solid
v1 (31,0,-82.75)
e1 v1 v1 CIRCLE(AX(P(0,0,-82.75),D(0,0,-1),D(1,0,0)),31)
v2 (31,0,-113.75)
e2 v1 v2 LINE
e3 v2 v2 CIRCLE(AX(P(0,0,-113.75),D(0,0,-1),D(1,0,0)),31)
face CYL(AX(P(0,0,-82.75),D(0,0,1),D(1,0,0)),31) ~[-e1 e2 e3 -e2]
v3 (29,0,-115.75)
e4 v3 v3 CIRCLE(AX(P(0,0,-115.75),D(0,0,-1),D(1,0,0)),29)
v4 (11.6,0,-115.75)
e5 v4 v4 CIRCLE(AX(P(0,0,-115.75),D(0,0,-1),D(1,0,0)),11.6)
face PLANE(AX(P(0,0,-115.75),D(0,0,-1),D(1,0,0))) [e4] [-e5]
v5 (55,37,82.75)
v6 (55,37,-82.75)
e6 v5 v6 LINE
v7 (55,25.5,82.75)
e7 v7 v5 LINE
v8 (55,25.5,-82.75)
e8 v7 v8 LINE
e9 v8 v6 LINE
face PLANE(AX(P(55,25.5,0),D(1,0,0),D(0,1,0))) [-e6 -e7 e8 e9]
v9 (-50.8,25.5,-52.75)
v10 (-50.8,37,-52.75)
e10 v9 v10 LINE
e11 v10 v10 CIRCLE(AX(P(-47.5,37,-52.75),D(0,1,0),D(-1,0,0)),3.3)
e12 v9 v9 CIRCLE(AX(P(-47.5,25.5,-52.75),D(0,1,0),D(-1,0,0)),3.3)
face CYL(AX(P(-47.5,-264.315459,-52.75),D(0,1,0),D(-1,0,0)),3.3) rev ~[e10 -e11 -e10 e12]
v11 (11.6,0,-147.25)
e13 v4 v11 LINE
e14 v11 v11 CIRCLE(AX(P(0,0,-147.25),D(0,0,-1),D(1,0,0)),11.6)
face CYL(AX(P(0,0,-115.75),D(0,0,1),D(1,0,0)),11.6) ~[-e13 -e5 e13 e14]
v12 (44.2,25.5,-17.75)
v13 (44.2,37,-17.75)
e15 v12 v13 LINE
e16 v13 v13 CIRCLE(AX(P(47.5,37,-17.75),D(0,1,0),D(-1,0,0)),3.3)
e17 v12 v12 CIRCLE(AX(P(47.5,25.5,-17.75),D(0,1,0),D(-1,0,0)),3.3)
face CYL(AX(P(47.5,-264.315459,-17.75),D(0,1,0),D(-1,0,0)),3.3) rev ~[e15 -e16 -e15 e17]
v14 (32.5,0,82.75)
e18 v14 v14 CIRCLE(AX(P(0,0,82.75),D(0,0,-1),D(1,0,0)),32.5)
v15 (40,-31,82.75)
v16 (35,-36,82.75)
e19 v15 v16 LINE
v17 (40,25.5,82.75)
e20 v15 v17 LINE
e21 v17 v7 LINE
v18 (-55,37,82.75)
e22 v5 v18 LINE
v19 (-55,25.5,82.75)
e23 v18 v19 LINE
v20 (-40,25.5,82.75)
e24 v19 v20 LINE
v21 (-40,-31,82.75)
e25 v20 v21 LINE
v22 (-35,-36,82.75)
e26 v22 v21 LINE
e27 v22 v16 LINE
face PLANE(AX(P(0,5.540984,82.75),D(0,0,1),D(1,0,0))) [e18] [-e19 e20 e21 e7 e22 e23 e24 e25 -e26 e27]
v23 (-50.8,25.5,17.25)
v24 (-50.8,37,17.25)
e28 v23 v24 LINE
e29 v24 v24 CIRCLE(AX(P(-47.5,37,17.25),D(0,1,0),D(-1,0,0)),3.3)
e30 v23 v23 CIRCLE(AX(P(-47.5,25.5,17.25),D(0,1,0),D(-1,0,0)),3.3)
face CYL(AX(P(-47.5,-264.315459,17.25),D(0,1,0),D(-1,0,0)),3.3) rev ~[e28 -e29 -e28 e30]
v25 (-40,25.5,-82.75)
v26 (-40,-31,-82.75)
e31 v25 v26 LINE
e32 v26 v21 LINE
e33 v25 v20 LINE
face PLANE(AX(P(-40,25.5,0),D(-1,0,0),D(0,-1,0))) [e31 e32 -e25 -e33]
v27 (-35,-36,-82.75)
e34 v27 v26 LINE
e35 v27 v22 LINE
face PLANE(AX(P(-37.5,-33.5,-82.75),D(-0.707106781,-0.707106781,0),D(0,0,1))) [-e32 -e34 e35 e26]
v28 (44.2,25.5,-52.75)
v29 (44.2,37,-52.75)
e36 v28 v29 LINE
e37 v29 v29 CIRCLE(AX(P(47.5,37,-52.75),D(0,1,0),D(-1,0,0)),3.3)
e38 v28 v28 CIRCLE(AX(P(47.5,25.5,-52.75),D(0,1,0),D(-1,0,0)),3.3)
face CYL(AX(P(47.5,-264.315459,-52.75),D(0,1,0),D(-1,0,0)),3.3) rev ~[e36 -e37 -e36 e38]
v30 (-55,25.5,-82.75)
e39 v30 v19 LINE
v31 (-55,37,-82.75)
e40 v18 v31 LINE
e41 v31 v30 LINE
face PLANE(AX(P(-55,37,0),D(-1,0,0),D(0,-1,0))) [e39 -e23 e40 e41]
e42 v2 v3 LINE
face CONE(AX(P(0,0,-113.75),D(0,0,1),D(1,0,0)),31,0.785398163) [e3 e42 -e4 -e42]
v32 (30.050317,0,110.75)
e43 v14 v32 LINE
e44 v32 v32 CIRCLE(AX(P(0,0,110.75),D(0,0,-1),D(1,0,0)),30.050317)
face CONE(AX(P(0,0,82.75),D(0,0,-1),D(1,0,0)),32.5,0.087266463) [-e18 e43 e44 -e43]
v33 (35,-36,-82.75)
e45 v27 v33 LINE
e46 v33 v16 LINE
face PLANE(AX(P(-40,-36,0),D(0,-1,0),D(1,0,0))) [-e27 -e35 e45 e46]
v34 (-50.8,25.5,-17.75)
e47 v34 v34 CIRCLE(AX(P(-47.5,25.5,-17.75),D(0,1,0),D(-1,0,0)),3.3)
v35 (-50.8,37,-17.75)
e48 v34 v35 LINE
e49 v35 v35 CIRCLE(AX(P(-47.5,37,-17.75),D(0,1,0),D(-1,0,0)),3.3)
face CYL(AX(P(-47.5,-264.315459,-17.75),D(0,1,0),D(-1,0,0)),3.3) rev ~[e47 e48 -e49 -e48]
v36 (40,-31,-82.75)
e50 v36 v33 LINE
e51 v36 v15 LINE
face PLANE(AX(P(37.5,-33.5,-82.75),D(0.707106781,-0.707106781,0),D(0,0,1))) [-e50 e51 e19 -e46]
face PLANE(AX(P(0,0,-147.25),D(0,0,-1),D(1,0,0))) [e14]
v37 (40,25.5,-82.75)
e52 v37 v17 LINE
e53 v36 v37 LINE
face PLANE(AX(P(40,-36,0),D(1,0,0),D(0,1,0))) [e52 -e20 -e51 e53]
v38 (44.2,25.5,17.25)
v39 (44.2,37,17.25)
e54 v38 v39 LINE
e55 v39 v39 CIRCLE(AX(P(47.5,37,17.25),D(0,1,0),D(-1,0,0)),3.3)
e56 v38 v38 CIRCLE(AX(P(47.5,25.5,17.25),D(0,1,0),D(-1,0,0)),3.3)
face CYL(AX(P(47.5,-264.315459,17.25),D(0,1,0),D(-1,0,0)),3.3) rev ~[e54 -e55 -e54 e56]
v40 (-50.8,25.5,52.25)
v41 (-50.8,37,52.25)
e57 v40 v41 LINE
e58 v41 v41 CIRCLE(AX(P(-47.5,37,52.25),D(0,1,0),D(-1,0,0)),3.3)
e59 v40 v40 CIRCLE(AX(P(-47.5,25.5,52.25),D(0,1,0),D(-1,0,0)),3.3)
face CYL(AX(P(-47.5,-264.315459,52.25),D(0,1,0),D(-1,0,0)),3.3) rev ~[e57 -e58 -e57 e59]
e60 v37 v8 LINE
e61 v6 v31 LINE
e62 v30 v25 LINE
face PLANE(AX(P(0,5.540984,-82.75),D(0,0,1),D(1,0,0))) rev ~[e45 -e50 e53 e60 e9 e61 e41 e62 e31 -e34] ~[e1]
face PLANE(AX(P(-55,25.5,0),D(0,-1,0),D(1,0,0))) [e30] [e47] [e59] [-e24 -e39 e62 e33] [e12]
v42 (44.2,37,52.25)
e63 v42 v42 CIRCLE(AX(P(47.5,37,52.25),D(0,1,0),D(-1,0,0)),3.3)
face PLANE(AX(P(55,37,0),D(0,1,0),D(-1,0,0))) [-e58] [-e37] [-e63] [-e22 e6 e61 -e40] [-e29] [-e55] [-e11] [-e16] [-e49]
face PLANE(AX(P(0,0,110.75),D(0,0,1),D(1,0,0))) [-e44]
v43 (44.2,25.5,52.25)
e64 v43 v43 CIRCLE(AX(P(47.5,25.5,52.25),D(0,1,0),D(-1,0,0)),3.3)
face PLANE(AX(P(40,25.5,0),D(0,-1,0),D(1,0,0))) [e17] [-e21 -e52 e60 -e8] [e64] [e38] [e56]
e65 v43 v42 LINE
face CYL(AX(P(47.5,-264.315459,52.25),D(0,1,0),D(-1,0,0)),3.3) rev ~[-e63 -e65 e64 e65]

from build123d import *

# Parameters (mm, degrees)
F1_DEPTH = 82.75
F2_SIZE  = 5
F3_R     = 31
F4_DEPTH = 33
F5_SIZE  = 2
F6_R     = 11.6
F7_DEPTH = 31.5
F8_R     = 32.5
F9_DEPTH = 28
F9_TAPER = 5
F11_D    = 6.6


with BuildPart() as f1:
    # F0 (on Top) → F1 (new body, symmetric)
    with BuildSketch(Plane.XY):
        Polygon((0, 37), (-55, 37), (-55, 25.5), (-40, 25.5), (-40, -36), (0, -36), (40, -36), (40, 25.5), (55, 25.5), (55, 37), align=None)
    extrude(amount=F1_DEPTH, both=True)

    # F2
    f2_edges = [f1.edges().sort_by_distance(p)[0] for p in [
        (40, -36, 0),
        (-40, -36, 0),
    ]]
    chamfer(f2_edges, length=F2_SIZE)

    # F3 (on face) → F4 (join)
    with BuildSketch(Plane(origin=(0, 0, -82.75), x_dir=(1, 0, 0), z_dir=(0, 0, -1))):
        Circle(F3_R)
    extrude(amount=F4_DEPTH)

    # F5
    f5_edges = [f1.edges().sort_by_distance(p)[0] for p in [
        (-31, 0, -115.75),
    ]]
    chamfer(f5_edges, length=F5_SIZE)

    # F6 (on face) → F7 (join)
    with BuildSketch(Plane(origin=(0, 0, -115.75), x_dir=(1, 0, 0), z_dir=(0, 0, -1))):
        Circle(F6_R)
    extrude(amount=F7_DEPTH)

    # F8 (on face) → F9 (join)
    with BuildSketch(Plane.XY.offset(82.75)):
        Circle(F8_R)
    extrude(amount=F9_DEPTH, taper=F9_TAPER)

    # F11 (through all)
    with Locations(Plane.XZ.offset(-25.5)):
        with Locations((-47.5, 52.25), (-47.5, 17.25), (-47.5, -17.75), (-47.5, -52.75), (47.5, 52.25), (47.5, 17.25), (47.5, -17.75), (47.5, -52.75)):
            Hole(F11_D / 2)


solid = f1.part
